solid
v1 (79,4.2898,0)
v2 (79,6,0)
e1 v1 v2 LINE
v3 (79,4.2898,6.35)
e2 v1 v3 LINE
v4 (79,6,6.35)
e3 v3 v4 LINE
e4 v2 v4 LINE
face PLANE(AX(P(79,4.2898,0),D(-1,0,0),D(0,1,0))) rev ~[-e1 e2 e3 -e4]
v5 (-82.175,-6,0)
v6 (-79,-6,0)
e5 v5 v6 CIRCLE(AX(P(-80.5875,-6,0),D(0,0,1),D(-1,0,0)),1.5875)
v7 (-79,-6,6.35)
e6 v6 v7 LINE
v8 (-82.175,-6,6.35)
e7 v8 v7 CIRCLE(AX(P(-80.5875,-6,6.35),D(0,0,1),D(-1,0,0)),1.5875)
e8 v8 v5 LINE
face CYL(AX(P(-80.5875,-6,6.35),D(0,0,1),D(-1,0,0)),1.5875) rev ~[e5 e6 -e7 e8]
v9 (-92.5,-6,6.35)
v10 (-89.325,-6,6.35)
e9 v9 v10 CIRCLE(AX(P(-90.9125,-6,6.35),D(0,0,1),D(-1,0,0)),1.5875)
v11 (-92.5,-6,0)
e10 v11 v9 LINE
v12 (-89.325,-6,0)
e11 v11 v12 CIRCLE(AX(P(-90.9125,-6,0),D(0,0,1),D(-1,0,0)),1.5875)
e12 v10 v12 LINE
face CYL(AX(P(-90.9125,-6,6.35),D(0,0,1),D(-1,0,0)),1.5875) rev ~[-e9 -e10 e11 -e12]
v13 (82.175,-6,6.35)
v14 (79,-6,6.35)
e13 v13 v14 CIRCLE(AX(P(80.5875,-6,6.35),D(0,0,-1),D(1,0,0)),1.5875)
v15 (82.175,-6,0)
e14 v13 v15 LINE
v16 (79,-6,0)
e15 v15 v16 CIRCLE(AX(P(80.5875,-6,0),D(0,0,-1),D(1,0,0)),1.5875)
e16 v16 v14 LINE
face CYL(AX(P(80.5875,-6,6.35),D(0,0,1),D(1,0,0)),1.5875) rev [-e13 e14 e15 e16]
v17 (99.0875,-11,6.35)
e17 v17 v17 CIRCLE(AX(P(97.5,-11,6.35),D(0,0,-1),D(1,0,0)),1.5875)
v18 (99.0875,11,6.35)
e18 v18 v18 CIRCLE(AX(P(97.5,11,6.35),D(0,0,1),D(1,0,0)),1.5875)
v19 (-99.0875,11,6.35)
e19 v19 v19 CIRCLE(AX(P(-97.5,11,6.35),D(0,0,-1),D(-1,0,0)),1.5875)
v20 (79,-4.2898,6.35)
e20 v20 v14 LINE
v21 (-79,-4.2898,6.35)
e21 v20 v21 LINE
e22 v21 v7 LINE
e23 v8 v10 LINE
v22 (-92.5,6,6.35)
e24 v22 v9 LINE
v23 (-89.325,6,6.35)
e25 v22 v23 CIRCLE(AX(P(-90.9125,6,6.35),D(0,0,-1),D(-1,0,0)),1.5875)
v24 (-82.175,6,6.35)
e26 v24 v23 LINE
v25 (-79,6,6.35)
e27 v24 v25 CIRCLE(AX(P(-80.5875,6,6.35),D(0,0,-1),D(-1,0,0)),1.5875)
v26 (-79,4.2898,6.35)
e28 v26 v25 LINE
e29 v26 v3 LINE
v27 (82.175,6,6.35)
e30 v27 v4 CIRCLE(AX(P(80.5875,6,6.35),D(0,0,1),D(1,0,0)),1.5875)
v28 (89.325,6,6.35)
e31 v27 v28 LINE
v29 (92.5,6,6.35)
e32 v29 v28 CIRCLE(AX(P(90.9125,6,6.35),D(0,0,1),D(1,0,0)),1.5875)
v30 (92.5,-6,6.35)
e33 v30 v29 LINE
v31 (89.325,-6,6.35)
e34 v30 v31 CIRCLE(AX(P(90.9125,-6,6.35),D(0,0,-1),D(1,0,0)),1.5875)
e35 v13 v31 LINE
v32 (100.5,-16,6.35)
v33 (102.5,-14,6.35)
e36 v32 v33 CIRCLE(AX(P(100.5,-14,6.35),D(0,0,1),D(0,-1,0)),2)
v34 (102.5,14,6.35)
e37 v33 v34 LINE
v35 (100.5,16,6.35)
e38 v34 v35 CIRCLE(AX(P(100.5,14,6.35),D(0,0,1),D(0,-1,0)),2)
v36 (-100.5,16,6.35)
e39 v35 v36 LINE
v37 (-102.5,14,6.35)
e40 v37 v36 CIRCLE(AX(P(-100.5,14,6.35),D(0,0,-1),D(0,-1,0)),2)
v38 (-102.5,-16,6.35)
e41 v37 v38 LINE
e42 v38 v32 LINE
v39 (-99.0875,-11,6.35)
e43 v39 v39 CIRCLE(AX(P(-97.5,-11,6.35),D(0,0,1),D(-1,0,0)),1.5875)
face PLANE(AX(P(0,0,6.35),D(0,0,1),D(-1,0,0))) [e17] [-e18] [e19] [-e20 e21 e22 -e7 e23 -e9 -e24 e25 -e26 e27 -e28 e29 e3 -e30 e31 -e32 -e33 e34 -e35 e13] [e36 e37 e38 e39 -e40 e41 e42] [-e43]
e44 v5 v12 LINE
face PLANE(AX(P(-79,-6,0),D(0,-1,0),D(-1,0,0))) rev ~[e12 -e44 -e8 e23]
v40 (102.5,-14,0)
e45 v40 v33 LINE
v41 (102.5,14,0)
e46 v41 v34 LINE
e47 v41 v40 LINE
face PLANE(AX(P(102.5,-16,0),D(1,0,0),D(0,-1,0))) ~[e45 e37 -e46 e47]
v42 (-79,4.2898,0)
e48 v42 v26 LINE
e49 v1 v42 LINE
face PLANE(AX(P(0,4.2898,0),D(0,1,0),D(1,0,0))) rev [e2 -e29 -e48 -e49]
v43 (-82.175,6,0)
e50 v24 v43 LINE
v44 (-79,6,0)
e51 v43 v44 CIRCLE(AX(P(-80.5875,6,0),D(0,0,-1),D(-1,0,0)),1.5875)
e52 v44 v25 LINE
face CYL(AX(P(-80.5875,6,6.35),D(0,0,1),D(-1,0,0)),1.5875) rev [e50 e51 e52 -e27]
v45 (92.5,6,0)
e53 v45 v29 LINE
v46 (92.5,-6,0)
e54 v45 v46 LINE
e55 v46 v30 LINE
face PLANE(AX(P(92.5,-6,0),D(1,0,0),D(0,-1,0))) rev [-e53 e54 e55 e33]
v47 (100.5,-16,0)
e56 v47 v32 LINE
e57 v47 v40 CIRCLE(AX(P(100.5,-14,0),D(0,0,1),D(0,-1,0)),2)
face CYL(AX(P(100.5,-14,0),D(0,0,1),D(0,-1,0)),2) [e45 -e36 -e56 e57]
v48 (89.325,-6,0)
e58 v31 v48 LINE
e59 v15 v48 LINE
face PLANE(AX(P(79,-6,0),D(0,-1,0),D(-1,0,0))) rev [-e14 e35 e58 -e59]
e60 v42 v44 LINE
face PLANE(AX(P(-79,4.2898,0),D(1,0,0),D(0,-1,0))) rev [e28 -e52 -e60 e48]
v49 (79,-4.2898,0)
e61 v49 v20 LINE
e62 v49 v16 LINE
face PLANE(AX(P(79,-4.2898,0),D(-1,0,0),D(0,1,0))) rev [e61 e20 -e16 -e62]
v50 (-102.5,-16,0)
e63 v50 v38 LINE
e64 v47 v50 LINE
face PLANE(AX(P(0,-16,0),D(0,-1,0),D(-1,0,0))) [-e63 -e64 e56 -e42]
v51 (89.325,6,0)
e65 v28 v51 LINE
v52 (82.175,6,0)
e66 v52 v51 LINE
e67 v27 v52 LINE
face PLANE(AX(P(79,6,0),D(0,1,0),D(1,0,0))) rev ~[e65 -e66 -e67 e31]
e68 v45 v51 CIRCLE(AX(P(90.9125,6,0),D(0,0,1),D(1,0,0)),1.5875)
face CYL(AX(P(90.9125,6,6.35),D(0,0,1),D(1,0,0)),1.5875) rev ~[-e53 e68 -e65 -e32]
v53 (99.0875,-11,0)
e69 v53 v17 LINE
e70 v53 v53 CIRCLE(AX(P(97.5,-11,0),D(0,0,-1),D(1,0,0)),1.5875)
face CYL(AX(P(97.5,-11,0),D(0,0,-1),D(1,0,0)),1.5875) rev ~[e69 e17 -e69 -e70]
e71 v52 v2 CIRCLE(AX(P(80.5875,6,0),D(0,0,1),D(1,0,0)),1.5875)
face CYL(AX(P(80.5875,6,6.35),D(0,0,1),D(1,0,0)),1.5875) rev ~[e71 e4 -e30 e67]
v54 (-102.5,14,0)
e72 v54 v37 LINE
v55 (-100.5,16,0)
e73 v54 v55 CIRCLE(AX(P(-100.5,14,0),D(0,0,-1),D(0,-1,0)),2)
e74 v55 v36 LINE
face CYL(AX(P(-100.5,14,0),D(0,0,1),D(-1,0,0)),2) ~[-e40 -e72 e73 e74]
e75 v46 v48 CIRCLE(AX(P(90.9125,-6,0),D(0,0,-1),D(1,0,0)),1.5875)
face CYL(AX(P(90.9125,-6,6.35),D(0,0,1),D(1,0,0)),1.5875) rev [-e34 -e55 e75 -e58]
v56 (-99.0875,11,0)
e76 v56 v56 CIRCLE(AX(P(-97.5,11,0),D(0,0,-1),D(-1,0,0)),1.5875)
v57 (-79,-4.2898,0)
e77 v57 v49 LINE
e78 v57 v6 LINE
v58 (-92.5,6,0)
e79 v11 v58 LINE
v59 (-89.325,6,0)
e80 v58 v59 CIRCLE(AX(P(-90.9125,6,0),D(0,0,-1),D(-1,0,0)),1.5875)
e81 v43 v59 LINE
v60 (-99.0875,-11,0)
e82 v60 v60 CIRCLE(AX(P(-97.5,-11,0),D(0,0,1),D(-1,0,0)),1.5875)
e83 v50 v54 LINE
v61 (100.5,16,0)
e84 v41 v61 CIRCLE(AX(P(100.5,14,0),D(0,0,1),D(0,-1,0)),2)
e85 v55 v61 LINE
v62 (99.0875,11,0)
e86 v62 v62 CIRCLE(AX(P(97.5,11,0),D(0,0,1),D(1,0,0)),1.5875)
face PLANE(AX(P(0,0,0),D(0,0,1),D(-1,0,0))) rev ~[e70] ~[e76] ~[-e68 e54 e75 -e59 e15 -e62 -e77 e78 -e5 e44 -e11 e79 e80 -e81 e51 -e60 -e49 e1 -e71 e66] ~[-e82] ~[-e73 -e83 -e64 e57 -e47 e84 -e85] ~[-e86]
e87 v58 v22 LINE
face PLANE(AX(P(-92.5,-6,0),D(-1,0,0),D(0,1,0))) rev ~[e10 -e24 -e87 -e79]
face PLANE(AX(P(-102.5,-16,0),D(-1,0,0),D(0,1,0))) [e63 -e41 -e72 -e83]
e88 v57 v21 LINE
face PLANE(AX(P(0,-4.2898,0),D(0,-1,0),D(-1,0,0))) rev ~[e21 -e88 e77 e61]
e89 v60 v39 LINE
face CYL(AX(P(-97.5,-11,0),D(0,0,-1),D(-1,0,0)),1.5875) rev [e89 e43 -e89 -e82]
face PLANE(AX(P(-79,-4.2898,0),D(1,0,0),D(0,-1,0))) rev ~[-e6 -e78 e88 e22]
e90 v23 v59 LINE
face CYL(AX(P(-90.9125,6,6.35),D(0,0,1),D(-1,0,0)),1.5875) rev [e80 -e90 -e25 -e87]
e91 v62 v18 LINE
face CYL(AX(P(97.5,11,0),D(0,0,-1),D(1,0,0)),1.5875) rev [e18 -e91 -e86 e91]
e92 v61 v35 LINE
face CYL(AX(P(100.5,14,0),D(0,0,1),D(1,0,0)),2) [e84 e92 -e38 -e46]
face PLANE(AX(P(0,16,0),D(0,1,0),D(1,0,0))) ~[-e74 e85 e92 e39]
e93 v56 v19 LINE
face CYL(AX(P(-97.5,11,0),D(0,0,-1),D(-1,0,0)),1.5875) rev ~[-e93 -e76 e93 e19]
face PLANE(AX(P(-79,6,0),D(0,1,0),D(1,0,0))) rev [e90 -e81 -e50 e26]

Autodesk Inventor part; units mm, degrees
ref_plane "YZ Plane" through (0, 0, 0) normal (1, 0, 0) x (0, 1, 0)
ref_plane "XZ Plane" through (0, 0, 0) normal (0, 1, 0) x (-1, 0, 0)
ref_plane "XY Plane" through (0, 0, 0) normal (0, 0, 1) x (1, 0, 0)
sketch "Sketch1" plane through (0, 0, 0) normal (0, 0, 1) x (1, 0, 0)
  line L0 (0, 0) -> (102.5, 0)
  line L1 (0, 0) -> (0, 16)
  line L2 (0, 4.2898) -> (79, 4.2898)
  line L3 (79, 4.2898) -> (79, 6)
  line L4 (79, 6) -> (92.5, 6)
  line L5 (92.5, 6) -> (92.5, 0)
  line L6 (0, 16) -> (102.5, 16)
  line L7 (102.5, 16) -> (102.5, 0)
  circle A0 centre (97.5, 11) radius 1.5875
  dimension "d0" = 13.5
  dimension "d1" = 12
  dimension "d2" = 8.5796
  dimension "d3" = 185
  dimension "d4" = 10
  dimension "d5" = 10
  dimension "d6" = 3.175
  dimension "d7" = 5
  dimension "d8" = 5
extrude "Extrusion1" add sketch "Sketch1" along normal blind 6.35 contours L5 L4 L3 L2 L1 L6 L7 L0
sketch "Sketch2" plane through (0, 0, 6.35) normal (0, 0, 1) x (1, 0, 0)
  line L0 (79, 4.2898) -> (79, 6) projected
  line L1 (79, 6) -> (92.5, 6) projected
  line L2 (92.5, 6) -> (92.5, 0) projected
  arc A0 (82.175, 6) -> (79, 6) centre (80.5875, 6) ccw
  arc A1 (92.5, 6) -> (89.325, 6) centre (90.9125, 6) ccw
  point P0 (0, 0)
  dimension "d12" = 1.5875
extrude "Extrusion2" cut sketch "Sketch2" against normal up to next
fillet "Fillet1" radius 2 1 edges at (102.5, 16, 3.175)
mirror "Mirror1" about plane through (92.5, 0, 0) normal (0, -1, 0) of "Extrusion1", "Fillet1", "Extrusion2"
mirror "Mirror2" about plane through (0, -16, 0) normal (-1, 0, 0) of "Extrusion1", "Fillet1", "Mirror1", "Extrusion2"
properties part number "Arrow_Arm_Template"
